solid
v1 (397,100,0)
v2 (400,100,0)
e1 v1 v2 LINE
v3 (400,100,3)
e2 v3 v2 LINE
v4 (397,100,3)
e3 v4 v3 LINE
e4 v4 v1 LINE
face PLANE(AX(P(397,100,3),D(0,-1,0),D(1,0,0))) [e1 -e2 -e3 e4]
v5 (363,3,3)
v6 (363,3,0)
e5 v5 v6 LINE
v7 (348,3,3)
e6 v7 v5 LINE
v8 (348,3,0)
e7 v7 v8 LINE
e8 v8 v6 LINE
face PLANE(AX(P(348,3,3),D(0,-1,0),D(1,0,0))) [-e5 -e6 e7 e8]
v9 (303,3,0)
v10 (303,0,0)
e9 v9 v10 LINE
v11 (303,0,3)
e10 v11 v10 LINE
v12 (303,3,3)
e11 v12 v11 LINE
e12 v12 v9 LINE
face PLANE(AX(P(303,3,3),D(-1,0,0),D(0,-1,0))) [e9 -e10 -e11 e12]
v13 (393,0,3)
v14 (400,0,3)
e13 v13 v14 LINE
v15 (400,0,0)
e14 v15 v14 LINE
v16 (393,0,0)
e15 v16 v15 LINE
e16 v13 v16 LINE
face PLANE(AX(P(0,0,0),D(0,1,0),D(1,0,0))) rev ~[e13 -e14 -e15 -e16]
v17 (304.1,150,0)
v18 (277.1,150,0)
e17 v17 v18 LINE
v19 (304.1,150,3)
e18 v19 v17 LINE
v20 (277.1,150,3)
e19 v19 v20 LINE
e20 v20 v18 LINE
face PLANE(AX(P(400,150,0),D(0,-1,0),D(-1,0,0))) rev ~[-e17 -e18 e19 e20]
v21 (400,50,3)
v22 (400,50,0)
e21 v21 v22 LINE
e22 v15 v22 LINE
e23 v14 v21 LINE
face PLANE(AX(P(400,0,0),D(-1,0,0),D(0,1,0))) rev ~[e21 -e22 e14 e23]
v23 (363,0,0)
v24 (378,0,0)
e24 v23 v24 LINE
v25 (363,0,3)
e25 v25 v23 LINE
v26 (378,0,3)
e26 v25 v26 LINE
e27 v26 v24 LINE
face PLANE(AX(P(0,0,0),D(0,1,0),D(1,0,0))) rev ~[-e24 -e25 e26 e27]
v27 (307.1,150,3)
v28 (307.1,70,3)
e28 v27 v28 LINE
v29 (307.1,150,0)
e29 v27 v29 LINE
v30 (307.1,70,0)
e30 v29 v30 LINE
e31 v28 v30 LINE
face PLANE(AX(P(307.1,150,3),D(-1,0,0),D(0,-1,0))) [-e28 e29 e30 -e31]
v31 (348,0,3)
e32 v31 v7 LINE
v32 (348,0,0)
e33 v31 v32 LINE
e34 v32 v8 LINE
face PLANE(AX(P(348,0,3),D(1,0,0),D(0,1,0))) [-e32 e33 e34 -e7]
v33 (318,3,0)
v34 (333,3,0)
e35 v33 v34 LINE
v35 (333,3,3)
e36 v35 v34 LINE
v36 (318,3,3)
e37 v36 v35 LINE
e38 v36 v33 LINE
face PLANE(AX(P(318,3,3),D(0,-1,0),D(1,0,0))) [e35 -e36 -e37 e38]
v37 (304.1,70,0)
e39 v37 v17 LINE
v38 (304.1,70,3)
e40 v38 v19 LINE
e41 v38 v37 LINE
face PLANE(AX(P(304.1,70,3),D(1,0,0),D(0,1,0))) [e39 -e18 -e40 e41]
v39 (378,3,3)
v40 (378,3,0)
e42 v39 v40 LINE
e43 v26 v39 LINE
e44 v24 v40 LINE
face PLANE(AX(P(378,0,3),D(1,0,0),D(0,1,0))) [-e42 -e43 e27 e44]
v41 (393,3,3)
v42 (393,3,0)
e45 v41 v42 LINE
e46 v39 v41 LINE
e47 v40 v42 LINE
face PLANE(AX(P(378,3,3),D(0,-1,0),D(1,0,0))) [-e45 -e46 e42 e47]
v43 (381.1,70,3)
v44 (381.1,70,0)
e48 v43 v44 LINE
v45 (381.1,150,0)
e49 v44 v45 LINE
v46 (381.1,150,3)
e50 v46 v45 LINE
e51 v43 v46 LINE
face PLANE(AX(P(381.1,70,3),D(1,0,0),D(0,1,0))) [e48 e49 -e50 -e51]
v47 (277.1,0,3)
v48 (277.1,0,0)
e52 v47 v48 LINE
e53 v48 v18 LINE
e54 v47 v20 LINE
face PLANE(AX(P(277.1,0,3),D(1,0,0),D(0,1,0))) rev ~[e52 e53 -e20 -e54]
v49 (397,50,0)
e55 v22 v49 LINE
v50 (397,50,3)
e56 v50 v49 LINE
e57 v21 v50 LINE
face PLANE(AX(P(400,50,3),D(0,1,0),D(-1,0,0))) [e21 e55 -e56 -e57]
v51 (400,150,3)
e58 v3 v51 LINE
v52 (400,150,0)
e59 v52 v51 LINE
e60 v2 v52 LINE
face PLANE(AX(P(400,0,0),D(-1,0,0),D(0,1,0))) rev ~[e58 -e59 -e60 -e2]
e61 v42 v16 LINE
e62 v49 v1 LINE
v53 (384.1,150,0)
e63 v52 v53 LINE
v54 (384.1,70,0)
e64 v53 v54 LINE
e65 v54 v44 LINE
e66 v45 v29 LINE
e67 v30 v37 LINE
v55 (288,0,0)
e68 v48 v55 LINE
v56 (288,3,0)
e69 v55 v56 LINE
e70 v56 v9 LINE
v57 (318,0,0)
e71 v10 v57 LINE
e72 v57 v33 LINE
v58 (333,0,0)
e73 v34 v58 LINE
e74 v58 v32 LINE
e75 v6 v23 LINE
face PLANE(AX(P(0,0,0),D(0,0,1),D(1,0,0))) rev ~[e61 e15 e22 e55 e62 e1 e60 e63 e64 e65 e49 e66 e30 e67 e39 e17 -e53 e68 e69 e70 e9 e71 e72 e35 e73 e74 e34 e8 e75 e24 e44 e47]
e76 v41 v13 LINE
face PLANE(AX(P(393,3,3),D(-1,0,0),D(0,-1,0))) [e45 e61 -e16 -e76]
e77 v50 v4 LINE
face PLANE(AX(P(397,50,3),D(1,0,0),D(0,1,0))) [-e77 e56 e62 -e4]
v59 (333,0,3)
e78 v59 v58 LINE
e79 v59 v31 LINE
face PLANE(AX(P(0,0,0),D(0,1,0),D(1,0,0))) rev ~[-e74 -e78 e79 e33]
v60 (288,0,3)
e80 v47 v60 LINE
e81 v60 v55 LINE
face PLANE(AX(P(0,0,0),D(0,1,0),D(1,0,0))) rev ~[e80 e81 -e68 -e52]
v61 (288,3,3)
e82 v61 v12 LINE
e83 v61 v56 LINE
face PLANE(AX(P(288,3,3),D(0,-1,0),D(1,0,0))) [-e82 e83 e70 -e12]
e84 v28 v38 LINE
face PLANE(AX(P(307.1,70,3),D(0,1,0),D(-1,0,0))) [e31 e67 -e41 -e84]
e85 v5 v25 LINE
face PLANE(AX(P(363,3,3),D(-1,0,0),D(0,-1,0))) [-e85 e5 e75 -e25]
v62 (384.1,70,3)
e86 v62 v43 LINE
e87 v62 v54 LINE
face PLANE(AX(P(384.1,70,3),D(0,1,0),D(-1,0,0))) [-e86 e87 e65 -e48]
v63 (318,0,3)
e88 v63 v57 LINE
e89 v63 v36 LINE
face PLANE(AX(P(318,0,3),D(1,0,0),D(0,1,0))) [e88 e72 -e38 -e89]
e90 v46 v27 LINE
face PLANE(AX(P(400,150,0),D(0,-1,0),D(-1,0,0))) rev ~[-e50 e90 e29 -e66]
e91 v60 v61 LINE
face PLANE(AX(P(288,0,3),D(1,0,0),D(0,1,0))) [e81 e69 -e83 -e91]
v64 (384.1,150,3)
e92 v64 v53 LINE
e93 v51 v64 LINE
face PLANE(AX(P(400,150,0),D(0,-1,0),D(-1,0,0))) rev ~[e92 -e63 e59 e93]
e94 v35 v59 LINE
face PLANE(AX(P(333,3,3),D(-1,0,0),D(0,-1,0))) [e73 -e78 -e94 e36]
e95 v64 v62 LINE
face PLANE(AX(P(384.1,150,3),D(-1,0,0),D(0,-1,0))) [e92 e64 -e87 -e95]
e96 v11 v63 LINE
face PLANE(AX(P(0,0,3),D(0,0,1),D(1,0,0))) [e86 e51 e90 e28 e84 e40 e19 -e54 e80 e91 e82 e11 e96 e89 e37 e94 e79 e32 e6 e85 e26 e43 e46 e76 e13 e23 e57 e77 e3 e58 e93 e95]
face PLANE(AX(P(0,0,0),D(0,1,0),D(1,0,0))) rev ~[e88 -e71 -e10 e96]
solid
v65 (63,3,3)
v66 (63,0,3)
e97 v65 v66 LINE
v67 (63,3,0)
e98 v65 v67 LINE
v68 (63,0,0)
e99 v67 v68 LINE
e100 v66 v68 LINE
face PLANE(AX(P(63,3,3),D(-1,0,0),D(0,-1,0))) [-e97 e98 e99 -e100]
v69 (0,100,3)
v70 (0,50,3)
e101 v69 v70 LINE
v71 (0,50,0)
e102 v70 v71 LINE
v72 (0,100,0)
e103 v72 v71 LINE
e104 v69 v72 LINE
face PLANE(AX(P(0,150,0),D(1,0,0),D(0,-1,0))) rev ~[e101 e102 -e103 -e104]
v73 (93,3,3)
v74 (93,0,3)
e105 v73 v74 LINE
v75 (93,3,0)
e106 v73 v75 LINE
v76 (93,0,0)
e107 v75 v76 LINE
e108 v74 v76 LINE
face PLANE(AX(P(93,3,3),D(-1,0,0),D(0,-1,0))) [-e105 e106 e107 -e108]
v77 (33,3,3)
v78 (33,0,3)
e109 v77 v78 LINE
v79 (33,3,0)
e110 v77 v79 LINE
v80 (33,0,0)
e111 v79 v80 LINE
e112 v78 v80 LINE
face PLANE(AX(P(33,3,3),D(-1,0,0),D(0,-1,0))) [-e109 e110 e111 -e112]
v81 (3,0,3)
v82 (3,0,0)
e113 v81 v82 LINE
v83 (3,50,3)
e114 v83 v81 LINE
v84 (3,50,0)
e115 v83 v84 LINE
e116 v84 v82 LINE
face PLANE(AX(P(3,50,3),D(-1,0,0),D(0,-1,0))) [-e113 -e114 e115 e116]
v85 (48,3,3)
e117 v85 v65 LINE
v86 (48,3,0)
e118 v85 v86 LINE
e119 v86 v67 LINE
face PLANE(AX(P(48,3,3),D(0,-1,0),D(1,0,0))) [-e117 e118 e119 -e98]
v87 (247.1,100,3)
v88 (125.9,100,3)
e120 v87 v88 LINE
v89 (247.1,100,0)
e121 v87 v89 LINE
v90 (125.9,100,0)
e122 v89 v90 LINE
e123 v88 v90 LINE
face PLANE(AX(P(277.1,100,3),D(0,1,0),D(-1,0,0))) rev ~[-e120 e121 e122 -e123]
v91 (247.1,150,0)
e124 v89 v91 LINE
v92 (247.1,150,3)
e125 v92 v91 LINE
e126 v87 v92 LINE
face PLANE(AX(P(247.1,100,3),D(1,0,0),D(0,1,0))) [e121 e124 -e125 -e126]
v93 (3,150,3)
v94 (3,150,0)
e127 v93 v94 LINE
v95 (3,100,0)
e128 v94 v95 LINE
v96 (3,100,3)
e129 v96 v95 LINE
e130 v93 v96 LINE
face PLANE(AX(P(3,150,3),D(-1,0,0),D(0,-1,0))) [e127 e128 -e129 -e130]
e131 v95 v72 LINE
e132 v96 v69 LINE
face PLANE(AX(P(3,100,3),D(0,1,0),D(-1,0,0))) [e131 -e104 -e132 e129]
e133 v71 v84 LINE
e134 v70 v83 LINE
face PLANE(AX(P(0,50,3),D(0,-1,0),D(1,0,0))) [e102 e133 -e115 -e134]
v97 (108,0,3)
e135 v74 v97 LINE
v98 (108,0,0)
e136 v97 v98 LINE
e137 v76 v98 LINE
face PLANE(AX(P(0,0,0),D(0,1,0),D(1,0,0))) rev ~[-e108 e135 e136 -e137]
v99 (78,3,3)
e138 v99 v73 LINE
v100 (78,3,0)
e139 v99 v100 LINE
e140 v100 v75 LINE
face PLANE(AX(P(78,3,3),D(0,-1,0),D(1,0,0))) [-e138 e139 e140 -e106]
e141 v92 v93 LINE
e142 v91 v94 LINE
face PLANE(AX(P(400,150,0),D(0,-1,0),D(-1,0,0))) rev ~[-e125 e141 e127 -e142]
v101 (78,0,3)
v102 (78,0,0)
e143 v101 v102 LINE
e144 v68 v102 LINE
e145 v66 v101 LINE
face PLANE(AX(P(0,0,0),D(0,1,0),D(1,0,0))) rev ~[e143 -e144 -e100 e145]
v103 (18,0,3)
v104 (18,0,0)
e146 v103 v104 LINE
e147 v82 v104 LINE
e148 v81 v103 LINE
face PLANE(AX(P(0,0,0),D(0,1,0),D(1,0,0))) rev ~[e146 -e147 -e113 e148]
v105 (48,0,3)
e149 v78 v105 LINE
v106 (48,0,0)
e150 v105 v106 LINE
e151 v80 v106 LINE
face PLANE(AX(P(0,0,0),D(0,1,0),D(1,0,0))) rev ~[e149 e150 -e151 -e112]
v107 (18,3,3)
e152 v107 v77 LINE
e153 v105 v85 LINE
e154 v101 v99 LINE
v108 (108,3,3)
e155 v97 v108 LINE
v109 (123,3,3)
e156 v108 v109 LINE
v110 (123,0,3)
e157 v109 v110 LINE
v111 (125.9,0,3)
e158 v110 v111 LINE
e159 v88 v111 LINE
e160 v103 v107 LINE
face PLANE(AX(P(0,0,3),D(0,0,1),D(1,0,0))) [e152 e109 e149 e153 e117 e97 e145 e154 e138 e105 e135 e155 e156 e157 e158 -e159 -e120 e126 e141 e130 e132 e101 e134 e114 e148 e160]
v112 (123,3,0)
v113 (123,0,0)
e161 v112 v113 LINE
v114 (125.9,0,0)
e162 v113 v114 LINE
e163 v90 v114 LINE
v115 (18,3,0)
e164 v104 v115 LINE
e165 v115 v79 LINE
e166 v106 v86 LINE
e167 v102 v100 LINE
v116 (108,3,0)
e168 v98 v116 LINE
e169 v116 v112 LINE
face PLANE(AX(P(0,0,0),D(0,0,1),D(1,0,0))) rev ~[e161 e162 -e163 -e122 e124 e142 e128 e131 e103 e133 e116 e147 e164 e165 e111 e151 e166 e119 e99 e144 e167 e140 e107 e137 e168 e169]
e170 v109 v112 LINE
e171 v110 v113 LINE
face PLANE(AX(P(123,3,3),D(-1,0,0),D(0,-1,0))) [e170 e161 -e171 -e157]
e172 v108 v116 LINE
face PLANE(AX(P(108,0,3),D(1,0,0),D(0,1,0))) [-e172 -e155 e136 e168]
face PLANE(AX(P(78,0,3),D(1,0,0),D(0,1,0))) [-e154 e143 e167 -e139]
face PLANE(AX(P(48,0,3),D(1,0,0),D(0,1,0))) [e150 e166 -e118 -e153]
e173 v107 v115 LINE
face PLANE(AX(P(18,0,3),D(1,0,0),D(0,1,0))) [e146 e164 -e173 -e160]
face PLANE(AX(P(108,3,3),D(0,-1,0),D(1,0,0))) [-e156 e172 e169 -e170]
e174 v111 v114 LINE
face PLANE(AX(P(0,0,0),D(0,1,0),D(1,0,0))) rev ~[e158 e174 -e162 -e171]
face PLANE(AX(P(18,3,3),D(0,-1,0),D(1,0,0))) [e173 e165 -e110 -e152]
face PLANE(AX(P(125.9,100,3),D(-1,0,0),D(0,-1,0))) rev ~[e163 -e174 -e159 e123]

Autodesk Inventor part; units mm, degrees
ref_plane "YZ Plane" through (0, 0, 0) normal (1, 0, 0) x (0, 1, 0)
ref_plane "XZ Plane" through (0, 0, 0) normal (0, 1, 0) x (-1, 0, 0)
ref_plane "XY Plane" through (0, 0, 0) normal (0, 0, 1) x (1, 0, 0)
sketch "Boceto1" plane through (0, 0, 0) normal (0, 0, 1) x (1, 0, 0)
  line L0 (0, 0) -> (400, 0)
  line L1 (400, 0) -> (400, 150)
  line L2 (400, 150) -> (0, 150)
  line L3 (0, 150) -> (0, 0)
  dimension "d0" = 150
  dimension "d1" = 400
extrude "Extrusión1" add sketch "Boceto1" along normal blind 3
sketch "Boceto3" plane through (0, 0, 3) normal (0, 0, 1) x (1, 0, 0)
  line L0 (0, 0) -> (400, 0) construction
  line L1 (400, 0) -> (400, 150) construction
  line L2 (400, 150) -> (0, 150) construction
  line L3 (0, 150) -> (0, 0) construction
  line L4 (0, 50) -> (3, 50)
  line L5 (3, 50) -> (3, 0)
  line L6 (3, 0) -> (0, 0)
  line L7 (0, 0) -> (0, 50)
  line L8 (0, 100) -> (0, 150)
  line L9 (0, 150) -> (3, 150)
  line L10 (3, 150) -> (3, 100)
  line L11 (3, 100) -> (0, 100)
  line L12 (397, 100) -> (400, 100)
  line L13 (400, 100) -> (400, 50)
  line L14 (400, 50) -> (397, 50)
  line L15 (397, 50) -> (397, 100)
  line L16 (400, 0) -> (400, 150) construction
  point P0 (400, 75)
  point P1 (400, 75)
  dimension "d15" = 3
  dimension "d16" = 50
  dimension "d19" = 100
  dimension "d24" = 3
  dimension "d25" = 50
extrude "Extrusión3" cut sketch "Boceto3" against normal blind 3
sketch "Boceto4" plane through (0, 0, 3) normal (0, 0, 1) x (1, 0, 0)
  line L0 (3, 150) -> (3, 100) construction
  line L1 (3, 100) -> (0, 100) construction
  line L2 (0, 100) -> (0, 50) construction
  line L3 (0, 50) -> (3, 50) construction
  line L4 (3, 50) -> (3, 0) construction
  line L5 (3, 0) -> (400, 0) construction
  line L6 (400, 0) -> (400, 50) construction
  line L7 (400, 50) -> (397, 50) construction
  line L8 (397, 50) -> (397, 100) construction
  line L9 (397, 100) -> (400, 100) construction
  line L10 (400, 100) -> (400, 150) construction
  line L11 (400, 150) -> (3, 150) construction
  line L12 (277.1, 100) -> (125.9, 100)
  line L13 (125.9, 100) -> (125.9, 0)
  line L14 (125.9, 0) -> (277.1, 0)
  line L15 (277.1, 0) -> (277.1, 100)
  line L16 (3, 0) -> (400, 0) construction
  point P0 (0, 0)
  point P1 (201.5, 0)
  point P2 (201.5, 0)
  dimension "d28" = 151.2
  dimension "d29" = 100
extrude "Extrusión4" cut sketch "Boceto4" against normal blind 10
sketch "Boceto5" plane through (0, 0, 3) normal (0, 0, 1) x (1, 0, 0)
  line L0 (277.1, 100) -> (277.1, 0) construction
  line L1 (277.1, 0) -> (400, 0) construction
  line L2 (400, 0) -> (400, 50) construction
  line L3 (400, 50) -> (397, 50) construction
  line L4 (397, 50) -> (397, 100) construction
  line L5 (397, 100) -> (400, 100) construction
  line L6 (400, 100) -> (400, 150) construction
  line L7 (400, 150) -> (3, 150) construction
  line L8 (3, 150) -> (3, 100) construction
  line L9 (3, 100) -> (0, 100) construction
  line L10 (0, 100) -> (0, 50) construction
  line L11 (0, 50) -> (3, 50) construction
  line L12 (3, 50) -> (3, 0) construction
  line L13 (3, 0) -> (125.9, 0) construction
  line L14 (125.9, 0) -> (125.9, 100) construction
  line L15 (125.9, 100) -> (277.1, 100) construction
  line L16 (304.1, 150) -> (307.1, 150)
  line L17 (307.1, 150) -> (307.1, 70)
  line L18 (307.1, 70) -> (304.1, 70)
  line L19 (304.1, 70) -> (304.1, 150)
  line L20 (381.1, 150) -> (384.1, 150)
  line L21 (384.1, 150) -> (384.1, 70)
  line L22 (384.1, 70) -> (381.1, 70)
  line L23 (381.1, 70) -> (381.1, 150)
  line L24 (400, 150) -> (3, 150) construction
  point P0 (0, 0)
  dimension "d32" = 3
  dimension "d33" = 3
  dimension "d34" = 74
  dimension "d35" = 27
  dimension "d36" = 80
  dimension "d37" = 80
extrude "Extrusión5" cut sketch "Boceto5" against normal blind 10
sketch "Boceto6" plane through (0, 0, 3) normal (0, 0, 1) x (1, 0, 0)
  line L0 (307.1, 150) -> (307.1, 70) construction
  line L1 (307.1, 70) -> (304.1, 70) construction
  line L2 (304.1, 70) -> (304.1, 150) construction
  line L3 (304.1, 150) -> (3, 150) construction
  line L4 (3, 150) -> (3, 100) construction
  line L5 (3, 100) -> (0, 100) construction
  line L6 (0, 100) -> (0, 50) construction
  line L7 (0, 50) -> (3, 50) construction
  line L8 (3, 50) -> (3, 0) construction
  line L9 (3, 0) -> (125.9, 0) construction
  line L10 (125.9, 0) -> (125.9, 100) construction
  line L11 (125.9, 100) -> (277.1, 100) construction
  line L12 (277.1, 100) -> (277.1, 0) construction
  line L13 (277.1, 0) -> (400, 0) construction
  line L14 (400, 0) -> (400, 50) construction
  line L15 (400, 50) -> (397, 50) construction
  line L16 (397, 50) -> (397, 100) construction
  line L17 (397, 100) -> (400, 100) construction
  line L18 (400, 100) -> (400, 150) construction
  line L19 (400, 150) -> (384.1, 150) construction
  line L20 (384.1, 150) -> (384.1, 70) construction
  line L21 (384.1, 70) -> (381.1, 70) construction
  line L22 (381.1, 70) -> (381.1, 150) construction
  line L23 (381.1, 150) -> (307.1, 150) construction
  line L24 (277.1, 100) -> (247.1, 100)
  line L25 (247.1, 100) -> (247.1, 150)
  line L26 (247.1, 150) -> (277.1, 150)
  line L27 (277.1, 150) -> (277.1, 100)
  line L28 (125.9, 100) -> (277.1, 100) construction
  line L29 (304.1, 150) -> (3, 150) construction
  line L30 (277.1, 100) -> (277.1, 0) construction
  point P0 (0, 0)
  dimension "d40" = 30
extrude "Extrusión6" cut sketch "Boceto6" against normal blind 10
sketch "Boceto7" plane through (0, 0, 3) normal (0, 0, 1) x (1, 0, 0)
  line L0 (247.1, 100) -> (247.1, 150) construction
  line L1 (247.1, 150) -> (3, 150) construction
  line L2 (3, 150) -> (3, 100) construction
  line L3 (3, 100) -> (0, 100) construction
  line L4 (0, 100) -> (0, 50) construction
  line L5 (0, 50) -> (3, 50) construction
  line L6 (3, 50) -> (3, 0) construction
  line L7 (3, 0) -> (125.9, 0) construction
  line L8 (125.9, 0) -> (125.9, 100) construction
  line L9 (125.9, 100) -> (247.1, 100) construction
  line L10 (277.1, 150) -> (277.1, 0) construction
  line L11 (277.1, 0) -> (400, 0) construction
  line L12 (400, 0) -> (400, 50) construction
  line L13 (400, 50) -> (397, 50) construction
  line L14 (397, 50) -> (397, 100) construction
  line L15 (397, 100) -> (400, 100) construction
  line L16 (400, 100) -> (400, 150) construction
  line L17 (400, 150) -> (384.1, 150) construction
  line L18 (384.1, 150) -> (384.1, 70) construction
  line L19 (384.1, 70) -> (381.1, 70) construction
  line L20 (381.1, 70) -> (381.1, 150) construction
  line L21 (381.1, 150) -> (307.1, 150) construction
  line L22 (307.1, 150) -> (307.1, 70) construction
  line L23 (307.1, 70) -> (304.1, 70) construction
  line L24 (304.1, 70) -> (304.1, 150) construction
  line L25 (304.1, 150) -> (277.1, 150) construction
  line L26 (18, 3) -> (33, 3)
  line L27 (33, 3) -> (33, 0)
  line L28 (33, 0) -> (18, 0)
  line L29 (18, 0) -> (18, 3)
  line L30 (3, 0) -> (125.9, 0) construction
  line L31 (63, 0) -> (48, 0)
  line L32 (63, 3) -> (63, 0)
  line L33 (48, 3) -> (63, 3)
  line L34 (48, 0) -> (48, 3)
  line L35 (93, 0) -> (78, 0)
  line L36 (93, 3) -> (93, 0)
  line L37 (78, 3) -> (93, 3)
  line L38 (78, 0) -> (78, 3)
  line L39 (123, 0) -> (108, 0)
  line L40 (123, 3) -> (123, 0)
  line L41 (108, 3) -> (123, 3)
  line L42 (108, 0) -> (108, 3)
  line L43 (153, 0) -> (138, 0)
  line L44 (153, 3) -> (153, 0)
  line L45 (138, 3) -> (153, 3)
  line L46 (138, 0) -> (138, 3)
  line L47 (183, 0) -> (168, 0)
  line L48 (183, 3) -> (183, 0)
  line L49 (168, 3) -> (183, 3)
  line L50 (168, 0) -> (168, 3)
  line L51 (213, 0) -> (198, 0)
  line L52 (213, 3) -> (213, 0)
  line L53 (198, 3) -> (213, 3)
  line L54 (198, 0) -> (198, 3)
  line L55 (243, 0) -> (228, 0)
  line L56 (243, 3) -> (243, 0)
  line L57 (228, 3) -> (243, 3)
  line L58 (228, 0) -> (228, 3)
  line L59 (273, 0) -> (258, 0)
  line L60 (273, 3) -> (273, 0)
  line L61 (258, 3) -> (273, 3)
  line L62 (258, 0) -> (258, 3)
  line L63 (303, 0) -> (288, 0)
  line L64 (303, 3) -> (303, 0)
  line L65 (288, 3) -> (303, 3)
  line L66 (288, 0) -> (288, 3)
  line L67 (333, 0) -> (318, 0)
  line L68 (333, 3) -> (333, 0)
  line L69 (318, 3) -> (333, 3)
  line L70 (318, 0) -> (318, 3)
  line L71 (363, 0) -> (348, 0)
  line L72 (363, 3) -> (363, 0)
  line L73 (348, 3) -> (363, 3)
  line L74 (348, 0) -> (348, 3)
  line L75 (393, 0) -> (378, 0)
  line L76 (393, 3) -> (393, 0)
  line L77 (378, 3) -> (393, 3)
  line L78 (378, 0) -> (378, 3)
  point P0 (0, 0)
  dimension "d43" = 15
  dimension "d44" = 3
  dimension "d45" = 15
  dimension "d53" = 30
extrude "Extrusión7" cut sketch "Boceto7" against normal blind 10
properties part number "ParedFrontal"
